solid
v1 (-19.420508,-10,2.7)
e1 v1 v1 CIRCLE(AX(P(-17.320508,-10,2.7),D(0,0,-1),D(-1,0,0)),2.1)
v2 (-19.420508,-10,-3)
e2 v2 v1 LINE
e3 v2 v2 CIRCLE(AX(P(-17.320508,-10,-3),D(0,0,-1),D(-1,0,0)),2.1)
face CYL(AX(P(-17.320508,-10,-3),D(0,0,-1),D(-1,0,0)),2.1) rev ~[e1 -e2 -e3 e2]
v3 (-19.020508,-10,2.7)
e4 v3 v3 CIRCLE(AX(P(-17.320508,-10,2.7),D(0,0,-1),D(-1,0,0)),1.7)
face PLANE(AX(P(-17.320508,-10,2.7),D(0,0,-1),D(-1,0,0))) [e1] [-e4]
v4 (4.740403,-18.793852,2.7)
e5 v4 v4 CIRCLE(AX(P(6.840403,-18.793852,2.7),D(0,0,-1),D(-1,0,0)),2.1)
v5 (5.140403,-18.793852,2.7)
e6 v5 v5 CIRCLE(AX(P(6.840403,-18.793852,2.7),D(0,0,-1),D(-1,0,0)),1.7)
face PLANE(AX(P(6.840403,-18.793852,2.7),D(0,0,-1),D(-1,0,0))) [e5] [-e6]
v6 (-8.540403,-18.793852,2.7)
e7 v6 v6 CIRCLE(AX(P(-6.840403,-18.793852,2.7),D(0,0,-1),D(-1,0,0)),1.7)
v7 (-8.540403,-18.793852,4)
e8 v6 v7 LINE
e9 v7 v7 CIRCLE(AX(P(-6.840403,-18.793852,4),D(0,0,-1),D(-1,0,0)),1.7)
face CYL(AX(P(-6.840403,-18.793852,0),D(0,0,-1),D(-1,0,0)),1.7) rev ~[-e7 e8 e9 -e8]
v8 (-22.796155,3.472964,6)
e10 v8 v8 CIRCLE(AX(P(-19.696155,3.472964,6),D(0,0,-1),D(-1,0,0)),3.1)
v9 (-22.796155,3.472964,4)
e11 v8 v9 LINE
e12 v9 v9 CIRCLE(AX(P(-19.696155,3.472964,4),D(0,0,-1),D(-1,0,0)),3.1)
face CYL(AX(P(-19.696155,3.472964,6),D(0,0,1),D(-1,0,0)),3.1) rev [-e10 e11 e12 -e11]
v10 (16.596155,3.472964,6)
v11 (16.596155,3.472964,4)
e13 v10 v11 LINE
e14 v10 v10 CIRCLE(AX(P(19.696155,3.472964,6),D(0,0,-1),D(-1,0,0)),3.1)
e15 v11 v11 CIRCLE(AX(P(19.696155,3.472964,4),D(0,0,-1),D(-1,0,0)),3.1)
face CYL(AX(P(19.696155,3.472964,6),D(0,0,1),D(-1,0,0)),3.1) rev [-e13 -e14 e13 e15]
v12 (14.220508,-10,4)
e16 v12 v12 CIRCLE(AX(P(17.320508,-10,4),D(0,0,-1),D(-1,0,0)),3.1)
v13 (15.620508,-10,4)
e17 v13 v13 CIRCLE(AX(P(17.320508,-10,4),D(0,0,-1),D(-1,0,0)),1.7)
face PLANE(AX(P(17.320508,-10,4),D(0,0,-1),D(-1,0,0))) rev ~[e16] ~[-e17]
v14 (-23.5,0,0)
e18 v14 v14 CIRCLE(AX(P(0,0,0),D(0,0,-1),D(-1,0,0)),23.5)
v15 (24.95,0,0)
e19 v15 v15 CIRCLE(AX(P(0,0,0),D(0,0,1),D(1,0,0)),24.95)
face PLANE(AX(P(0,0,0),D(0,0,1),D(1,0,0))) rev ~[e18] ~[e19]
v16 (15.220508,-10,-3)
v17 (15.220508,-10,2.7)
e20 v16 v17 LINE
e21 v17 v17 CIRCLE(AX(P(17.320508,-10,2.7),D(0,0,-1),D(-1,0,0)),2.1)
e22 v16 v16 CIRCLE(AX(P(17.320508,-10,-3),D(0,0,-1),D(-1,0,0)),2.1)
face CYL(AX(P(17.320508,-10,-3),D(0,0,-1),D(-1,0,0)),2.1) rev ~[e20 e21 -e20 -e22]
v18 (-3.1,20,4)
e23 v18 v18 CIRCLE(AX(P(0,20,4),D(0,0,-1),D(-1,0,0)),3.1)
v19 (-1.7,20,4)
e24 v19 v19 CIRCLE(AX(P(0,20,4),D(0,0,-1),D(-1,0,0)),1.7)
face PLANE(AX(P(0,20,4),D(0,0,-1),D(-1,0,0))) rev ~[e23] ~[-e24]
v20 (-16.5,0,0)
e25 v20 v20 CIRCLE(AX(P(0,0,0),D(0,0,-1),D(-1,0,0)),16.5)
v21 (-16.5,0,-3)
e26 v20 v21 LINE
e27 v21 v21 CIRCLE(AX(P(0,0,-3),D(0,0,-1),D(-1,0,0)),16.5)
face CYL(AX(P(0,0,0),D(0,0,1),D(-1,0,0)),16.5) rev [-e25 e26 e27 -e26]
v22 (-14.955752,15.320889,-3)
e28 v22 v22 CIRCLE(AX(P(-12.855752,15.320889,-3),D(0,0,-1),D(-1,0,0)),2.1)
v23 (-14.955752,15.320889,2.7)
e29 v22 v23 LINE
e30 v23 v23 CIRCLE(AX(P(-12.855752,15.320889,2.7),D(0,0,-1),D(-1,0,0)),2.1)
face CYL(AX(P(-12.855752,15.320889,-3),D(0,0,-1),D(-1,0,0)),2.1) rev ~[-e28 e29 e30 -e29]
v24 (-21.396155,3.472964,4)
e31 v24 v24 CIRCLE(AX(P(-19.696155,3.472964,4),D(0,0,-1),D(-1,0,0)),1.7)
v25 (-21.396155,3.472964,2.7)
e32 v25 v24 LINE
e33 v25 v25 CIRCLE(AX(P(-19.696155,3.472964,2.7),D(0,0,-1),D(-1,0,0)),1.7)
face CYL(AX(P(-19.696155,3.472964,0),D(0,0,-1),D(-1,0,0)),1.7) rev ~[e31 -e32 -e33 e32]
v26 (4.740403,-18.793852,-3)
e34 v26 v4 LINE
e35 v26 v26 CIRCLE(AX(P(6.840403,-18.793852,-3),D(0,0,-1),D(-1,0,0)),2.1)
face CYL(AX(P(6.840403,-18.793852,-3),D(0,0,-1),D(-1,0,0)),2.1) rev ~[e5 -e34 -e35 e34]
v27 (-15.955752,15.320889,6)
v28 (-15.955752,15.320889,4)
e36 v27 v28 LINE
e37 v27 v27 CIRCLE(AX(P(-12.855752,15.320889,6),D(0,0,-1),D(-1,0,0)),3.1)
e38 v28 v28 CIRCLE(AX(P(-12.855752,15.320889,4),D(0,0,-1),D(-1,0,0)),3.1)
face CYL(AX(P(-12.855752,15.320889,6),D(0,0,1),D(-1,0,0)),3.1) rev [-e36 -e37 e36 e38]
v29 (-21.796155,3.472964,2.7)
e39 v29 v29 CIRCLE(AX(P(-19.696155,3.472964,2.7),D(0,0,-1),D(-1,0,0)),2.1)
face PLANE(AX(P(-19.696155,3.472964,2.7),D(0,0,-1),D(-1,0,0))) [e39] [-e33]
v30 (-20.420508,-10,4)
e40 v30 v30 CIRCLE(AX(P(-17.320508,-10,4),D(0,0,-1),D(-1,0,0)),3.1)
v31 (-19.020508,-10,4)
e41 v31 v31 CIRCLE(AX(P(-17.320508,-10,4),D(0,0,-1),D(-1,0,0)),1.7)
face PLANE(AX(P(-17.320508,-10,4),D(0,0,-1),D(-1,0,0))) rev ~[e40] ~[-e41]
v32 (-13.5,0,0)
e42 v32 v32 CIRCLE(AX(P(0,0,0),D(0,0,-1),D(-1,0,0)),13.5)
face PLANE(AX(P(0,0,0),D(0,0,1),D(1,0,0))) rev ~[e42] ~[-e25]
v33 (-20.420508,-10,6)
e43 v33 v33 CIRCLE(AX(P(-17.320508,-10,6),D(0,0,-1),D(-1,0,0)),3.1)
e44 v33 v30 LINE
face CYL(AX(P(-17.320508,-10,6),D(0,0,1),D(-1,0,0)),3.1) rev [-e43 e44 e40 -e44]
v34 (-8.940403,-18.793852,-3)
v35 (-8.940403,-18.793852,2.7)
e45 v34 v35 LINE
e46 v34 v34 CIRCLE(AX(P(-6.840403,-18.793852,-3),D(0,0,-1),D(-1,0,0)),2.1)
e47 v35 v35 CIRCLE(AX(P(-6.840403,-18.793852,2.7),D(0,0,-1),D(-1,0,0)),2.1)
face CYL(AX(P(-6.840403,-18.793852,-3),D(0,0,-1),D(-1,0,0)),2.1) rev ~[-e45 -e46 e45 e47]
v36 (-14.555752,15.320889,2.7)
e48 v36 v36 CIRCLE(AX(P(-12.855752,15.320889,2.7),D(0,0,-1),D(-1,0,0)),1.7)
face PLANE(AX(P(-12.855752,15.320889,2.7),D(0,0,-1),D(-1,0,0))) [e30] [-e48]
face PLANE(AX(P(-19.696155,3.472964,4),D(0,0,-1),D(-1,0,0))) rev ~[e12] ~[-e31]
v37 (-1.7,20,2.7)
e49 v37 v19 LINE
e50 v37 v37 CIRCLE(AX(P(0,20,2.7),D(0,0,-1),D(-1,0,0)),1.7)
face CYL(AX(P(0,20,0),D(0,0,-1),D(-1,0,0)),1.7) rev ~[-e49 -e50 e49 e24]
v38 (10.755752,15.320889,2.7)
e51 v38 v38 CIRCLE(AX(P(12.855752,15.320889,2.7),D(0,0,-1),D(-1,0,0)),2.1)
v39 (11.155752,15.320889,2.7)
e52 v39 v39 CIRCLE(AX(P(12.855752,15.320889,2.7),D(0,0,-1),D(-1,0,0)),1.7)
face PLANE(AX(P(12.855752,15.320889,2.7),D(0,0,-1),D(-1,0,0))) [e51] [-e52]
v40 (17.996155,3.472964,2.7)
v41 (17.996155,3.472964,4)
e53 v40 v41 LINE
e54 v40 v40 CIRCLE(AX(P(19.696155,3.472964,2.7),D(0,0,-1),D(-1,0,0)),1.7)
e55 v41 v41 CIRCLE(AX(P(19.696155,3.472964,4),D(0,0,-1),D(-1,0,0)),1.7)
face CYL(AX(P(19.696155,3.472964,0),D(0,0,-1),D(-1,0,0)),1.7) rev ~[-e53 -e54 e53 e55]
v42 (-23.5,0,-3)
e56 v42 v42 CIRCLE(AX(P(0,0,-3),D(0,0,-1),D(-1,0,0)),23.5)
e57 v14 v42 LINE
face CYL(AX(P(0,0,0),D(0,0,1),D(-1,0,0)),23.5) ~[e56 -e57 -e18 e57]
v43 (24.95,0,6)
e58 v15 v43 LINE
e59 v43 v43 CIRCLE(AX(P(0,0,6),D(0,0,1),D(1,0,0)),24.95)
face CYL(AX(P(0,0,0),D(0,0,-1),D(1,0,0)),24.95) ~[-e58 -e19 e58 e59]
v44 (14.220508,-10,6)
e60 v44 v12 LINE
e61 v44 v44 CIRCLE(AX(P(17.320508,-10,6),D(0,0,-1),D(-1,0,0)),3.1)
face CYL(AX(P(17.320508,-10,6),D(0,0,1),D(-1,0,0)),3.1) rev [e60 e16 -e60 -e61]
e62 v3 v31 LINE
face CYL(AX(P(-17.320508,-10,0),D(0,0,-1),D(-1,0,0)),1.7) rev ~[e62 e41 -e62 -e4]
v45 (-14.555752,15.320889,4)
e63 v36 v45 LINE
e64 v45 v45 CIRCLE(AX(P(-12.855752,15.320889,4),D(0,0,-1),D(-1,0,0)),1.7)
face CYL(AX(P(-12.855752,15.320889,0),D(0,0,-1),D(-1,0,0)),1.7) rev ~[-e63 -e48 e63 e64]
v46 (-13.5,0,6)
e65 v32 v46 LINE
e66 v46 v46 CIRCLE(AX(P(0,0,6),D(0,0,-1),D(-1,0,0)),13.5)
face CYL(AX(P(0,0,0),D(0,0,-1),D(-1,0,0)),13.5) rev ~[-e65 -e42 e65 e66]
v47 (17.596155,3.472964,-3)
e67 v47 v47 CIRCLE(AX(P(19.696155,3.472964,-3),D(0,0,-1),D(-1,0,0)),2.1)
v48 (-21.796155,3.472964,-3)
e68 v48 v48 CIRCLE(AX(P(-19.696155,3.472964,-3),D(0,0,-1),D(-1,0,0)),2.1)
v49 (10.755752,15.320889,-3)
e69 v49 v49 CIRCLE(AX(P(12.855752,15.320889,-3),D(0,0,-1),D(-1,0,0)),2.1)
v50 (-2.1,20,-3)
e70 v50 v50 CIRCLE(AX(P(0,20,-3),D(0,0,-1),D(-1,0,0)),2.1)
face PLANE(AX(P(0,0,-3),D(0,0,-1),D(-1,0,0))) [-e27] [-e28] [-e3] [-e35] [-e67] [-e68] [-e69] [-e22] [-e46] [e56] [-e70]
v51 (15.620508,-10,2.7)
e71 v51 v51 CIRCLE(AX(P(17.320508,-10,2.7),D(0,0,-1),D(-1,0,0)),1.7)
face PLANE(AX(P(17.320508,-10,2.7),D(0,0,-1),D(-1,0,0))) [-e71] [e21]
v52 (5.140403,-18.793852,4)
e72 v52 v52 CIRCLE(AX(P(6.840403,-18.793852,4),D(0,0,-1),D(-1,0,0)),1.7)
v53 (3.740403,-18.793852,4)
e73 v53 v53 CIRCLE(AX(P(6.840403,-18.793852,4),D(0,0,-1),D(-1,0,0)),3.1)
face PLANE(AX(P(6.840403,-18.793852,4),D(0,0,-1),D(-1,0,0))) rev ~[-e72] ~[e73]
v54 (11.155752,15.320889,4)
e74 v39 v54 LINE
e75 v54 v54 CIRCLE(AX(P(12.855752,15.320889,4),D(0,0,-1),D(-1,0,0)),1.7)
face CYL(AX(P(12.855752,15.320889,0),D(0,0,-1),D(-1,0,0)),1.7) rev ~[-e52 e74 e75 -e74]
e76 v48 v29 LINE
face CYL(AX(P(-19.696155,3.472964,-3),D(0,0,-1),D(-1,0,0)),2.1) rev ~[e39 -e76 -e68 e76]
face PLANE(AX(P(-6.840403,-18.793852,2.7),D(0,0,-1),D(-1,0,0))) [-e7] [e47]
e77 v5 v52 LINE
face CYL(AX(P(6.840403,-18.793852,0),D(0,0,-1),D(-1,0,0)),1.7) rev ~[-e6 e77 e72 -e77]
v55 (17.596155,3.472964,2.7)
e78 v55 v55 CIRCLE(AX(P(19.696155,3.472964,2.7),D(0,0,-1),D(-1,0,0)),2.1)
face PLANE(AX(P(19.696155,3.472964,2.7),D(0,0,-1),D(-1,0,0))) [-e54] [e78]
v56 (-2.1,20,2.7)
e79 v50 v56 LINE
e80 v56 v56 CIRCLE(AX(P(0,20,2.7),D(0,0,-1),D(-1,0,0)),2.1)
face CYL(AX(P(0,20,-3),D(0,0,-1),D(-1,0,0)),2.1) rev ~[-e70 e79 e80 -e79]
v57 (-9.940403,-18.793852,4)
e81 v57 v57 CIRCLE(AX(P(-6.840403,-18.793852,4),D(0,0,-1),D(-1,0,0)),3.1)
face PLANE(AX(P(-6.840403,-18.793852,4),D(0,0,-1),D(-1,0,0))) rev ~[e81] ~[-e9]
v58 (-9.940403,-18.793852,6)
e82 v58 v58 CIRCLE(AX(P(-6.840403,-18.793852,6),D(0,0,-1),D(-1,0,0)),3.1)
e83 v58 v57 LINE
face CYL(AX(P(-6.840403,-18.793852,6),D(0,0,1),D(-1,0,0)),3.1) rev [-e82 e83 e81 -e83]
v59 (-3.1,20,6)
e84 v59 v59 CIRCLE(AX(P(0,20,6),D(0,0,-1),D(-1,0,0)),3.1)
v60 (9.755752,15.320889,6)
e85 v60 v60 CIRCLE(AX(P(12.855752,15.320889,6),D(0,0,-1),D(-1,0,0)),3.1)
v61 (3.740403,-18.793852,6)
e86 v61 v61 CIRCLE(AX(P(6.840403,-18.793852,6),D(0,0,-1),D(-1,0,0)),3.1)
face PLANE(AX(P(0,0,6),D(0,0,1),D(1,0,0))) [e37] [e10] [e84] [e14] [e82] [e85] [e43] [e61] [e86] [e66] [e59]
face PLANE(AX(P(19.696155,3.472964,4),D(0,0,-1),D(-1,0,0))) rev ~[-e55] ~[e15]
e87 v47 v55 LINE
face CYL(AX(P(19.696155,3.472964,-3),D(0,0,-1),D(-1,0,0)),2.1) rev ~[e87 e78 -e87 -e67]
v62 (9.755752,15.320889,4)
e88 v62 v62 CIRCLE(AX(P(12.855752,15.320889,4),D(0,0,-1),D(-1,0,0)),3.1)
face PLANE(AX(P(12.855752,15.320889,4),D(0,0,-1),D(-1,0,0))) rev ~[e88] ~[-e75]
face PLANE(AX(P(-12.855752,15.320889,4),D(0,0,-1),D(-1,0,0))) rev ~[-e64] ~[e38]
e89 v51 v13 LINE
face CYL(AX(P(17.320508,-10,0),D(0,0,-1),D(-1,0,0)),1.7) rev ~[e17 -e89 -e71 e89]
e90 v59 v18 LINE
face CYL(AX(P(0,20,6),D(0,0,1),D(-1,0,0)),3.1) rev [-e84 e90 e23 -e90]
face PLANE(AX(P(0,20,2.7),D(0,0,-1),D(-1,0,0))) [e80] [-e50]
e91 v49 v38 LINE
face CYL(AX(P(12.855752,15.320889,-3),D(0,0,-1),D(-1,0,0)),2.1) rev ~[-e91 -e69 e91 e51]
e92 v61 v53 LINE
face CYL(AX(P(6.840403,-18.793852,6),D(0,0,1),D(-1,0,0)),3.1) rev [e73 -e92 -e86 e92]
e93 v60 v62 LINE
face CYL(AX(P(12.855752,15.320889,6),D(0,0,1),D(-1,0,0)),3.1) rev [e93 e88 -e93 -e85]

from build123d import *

# Parameters (mm, degrees)
ESQUISSE1_R             = 24.95
BOSS_EXTRU_1_DEPTH      = 6
ESQUISSE3_R             = 3.1
ENL_V_MAT_EXTRU_1_DEPTH = 2
ESQUISSE4_R             = 1.7
ENL_V_MAT_EXTRU_2_DEPTH = 7
ESQUISSE5_R             = 23.5
ESQUISSE5_R_2           = 16.5
ESQUISSE5_R_3           = 1.7
BOSS_EXTRU_2_DEPTH      = 3
ESQUISSE6_R             = 2.1
ENL_V_MAT_EXTRU_3_DEPTH = 5.7
ESQUISSE7_R             = 13.5
ENL_V_MAT_EXTRU_4_DEPTH = 7


with BuildPart() as part:
    # Esquisse1 → Boss.-Extru.1 (new body)
    with BuildSketch(Plane.XY):
        Circle(ESQUISSE1_R)
    extrude(amount=BOSS_EXTRU_1_DEPTH)

    # Esquisse3 → Enlèv. mat.-Extru.1 (cut)
    with BuildSketch(Plane(origin=(0, 0, 6), x_dir=(-1, 0, 0), z_dir=(0, 0, -1))):
        with Locations((0, 20)):
            Circle(ESQUISSE3_R)
        with Locations((12.855752194, 15.320888862)):
            Circle(ESQUISSE3_R)
        with Locations((19.69615506, 3.472963553)):
            Circle(ESQUISSE3_R)
        with Locations((17.320508076, -10)):
            Circle(ESQUISSE3_R)
        with Locations((6.840402867, -18.793852416)):
            Circle(ESQUISSE3_R)
        with Locations((-6.840402867, -18.793852416)):
            Circle(ESQUISSE3_R)
        with Locations((-17.320508076, -10)):
            Circle(ESQUISSE3_R)
        with Locations((-19.69615506, 3.472963553)):
            Circle(ESQUISSE3_R)
        with Locations((-12.855752194, 15.320888862)):
            Circle(ESQUISSE3_R)
    extrude(amount=ENL_V_MAT_EXTRU_1_DEPTH, mode=Mode.SUBTRACT)

    # Esquisse4 → Enlèv. mat.-Extru.2 (cut, through all)
    with BuildSketch(Plane(origin=(0, 0, 0), x_dir=(-1, 0, 0), z_dir=(0, 0, -1))):
        with Locations((0, 20)):
            Circle(ESQUISSE4_R)
        with Locations((12.855752194, 15.320888862)):
            Circle(ESQUISSE4_R)
        with Locations((19.69615506, 3.472963553)):
            Circle(ESQUISSE4_R)
        with Locations((17.320508076, -10)):
            Circle(ESQUISSE4_R)
        with Locations((6.840402867, -18.793852416)):
            Circle(ESQUISSE4_R)
        with Locations((-6.840402867, -18.793852416)):
            Circle(ESQUISSE4_R)
        with Locations((-17.320508076, -10)):
            Circle(ESQUISSE4_R)
        with Locations((-19.69615506, 3.472963553)):
            Circle(ESQUISSE4_R)
        with Locations((-12.855752194, 15.320888862)):
            Circle(ESQUISSE4_R)
    extrude(amount=-ENL_V_MAT_EXTRU_2_DEPTH, mode=Mode.SUBTRACT)

    # Esquisse5 → Boss.-Extru.2 (add)
    with BuildSketch(Plane(origin=(0, 0, 0), x_dir=(-1, 0, 0), z_dir=(0, 0, -1))):
        Circle(ESQUISSE5_R)
        Circle(ESQUISSE5_R_2, mode=Mode.SUBTRACT)
        with Locations((-12.855752194, 15.320888862)):
            Circle(ESQUISSE5_R_3, mode=Mode.SUBTRACT)
        with Locations((-19.69615506, 3.472963553)):
            Circle(ESQUISSE5_R_3, mode=Mode.SUBTRACT)
        with Locations((-17.320508076, -10)):
            Circle(ESQUISSE5_R_3, mode=Mode.SUBTRACT)
        with Locations((-6.840402867, -18.793852416)):
            Circle(ESQUISSE5_R_3, mode=Mode.SUBTRACT)
        with Locations((6.840402867, -18.793852416)):
            Circle(ESQUISSE5_R_3, mode=Mode.SUBTRACT)
        with Locations((17.320508076, -10)):
            Circle(ESQUISSE5_R_3, mode=Mode.SUBTRACT)
        with Locations((19.69615506, 3.472963553)):
            Circle(ESQUISSE5_R_3, mode=Mode.SUBTRACT)
        with Locations((12.855752194, 15.320888862)):
            Circle(ESQUISSE5_R_3, mode=Mode.SUBTRACT)
        with Locations((0, 20)):
            Circle(ESQUISSE5_R_3, mode=Mode.SUBTRACT)
    extrude(amount=BOSS_EXTRU_2_DEPTH)

    # Esquisse6 → Enlèv. mat.-Extru.3 (cut)
    with BuildSketch(Plane(origin=(0, 0, -3), x_dir=(-1, 0, 0), z_dir=(0, 0, -1))):
        with Locations((12.855752194, 15.320888862)):
            Circle(ESQUISSE6_R)
        with Locations((19.69615506, 3.472963553)):
            Circle(ESQUISSE6_R)
        with Locations((17.320508076, -10)):
            Circle(ESQUISSE6_R)
        with Locations((6.840402867, -18.793852416)):
            Circle(ESQUISSE6_R)
        with Locations((-6.840402867, -18.793852416)):
            Circle(ESQUISSE6_R)
        with Locations((-17.320508076, -10)):
            Circle(ESQUISSE6_R)
        with Locations((-19.69615506, 3.472963553)):
            Circle(ESQUISSE6_R)
        with Locations((-12.855752194, 15.320888862)):
            Circle(ESQUISSE6_R)
        with Locations((0, 20)):
            Circle(ESQUISSE6_R)
    extrude(amount=-ENL_V_MAT_EXTRU_3_DEPTH, mode=Mode.SUBTRACT)

    # Esquisse7 → Enlèv. mat.-Extru.4 (cut, through all)
    with BuildSketch(Plane(origin=(0, 0, 0), x_dir=(-1, 0, 0), z_dir=(0, 0, -1))):
        Circle(ESQUISSE7_R)
    extrude(amount=-ENL_V_MAT_EXTRU_4_DEPTH, mode=Mode.SUBTRACT)


solid = part.part
